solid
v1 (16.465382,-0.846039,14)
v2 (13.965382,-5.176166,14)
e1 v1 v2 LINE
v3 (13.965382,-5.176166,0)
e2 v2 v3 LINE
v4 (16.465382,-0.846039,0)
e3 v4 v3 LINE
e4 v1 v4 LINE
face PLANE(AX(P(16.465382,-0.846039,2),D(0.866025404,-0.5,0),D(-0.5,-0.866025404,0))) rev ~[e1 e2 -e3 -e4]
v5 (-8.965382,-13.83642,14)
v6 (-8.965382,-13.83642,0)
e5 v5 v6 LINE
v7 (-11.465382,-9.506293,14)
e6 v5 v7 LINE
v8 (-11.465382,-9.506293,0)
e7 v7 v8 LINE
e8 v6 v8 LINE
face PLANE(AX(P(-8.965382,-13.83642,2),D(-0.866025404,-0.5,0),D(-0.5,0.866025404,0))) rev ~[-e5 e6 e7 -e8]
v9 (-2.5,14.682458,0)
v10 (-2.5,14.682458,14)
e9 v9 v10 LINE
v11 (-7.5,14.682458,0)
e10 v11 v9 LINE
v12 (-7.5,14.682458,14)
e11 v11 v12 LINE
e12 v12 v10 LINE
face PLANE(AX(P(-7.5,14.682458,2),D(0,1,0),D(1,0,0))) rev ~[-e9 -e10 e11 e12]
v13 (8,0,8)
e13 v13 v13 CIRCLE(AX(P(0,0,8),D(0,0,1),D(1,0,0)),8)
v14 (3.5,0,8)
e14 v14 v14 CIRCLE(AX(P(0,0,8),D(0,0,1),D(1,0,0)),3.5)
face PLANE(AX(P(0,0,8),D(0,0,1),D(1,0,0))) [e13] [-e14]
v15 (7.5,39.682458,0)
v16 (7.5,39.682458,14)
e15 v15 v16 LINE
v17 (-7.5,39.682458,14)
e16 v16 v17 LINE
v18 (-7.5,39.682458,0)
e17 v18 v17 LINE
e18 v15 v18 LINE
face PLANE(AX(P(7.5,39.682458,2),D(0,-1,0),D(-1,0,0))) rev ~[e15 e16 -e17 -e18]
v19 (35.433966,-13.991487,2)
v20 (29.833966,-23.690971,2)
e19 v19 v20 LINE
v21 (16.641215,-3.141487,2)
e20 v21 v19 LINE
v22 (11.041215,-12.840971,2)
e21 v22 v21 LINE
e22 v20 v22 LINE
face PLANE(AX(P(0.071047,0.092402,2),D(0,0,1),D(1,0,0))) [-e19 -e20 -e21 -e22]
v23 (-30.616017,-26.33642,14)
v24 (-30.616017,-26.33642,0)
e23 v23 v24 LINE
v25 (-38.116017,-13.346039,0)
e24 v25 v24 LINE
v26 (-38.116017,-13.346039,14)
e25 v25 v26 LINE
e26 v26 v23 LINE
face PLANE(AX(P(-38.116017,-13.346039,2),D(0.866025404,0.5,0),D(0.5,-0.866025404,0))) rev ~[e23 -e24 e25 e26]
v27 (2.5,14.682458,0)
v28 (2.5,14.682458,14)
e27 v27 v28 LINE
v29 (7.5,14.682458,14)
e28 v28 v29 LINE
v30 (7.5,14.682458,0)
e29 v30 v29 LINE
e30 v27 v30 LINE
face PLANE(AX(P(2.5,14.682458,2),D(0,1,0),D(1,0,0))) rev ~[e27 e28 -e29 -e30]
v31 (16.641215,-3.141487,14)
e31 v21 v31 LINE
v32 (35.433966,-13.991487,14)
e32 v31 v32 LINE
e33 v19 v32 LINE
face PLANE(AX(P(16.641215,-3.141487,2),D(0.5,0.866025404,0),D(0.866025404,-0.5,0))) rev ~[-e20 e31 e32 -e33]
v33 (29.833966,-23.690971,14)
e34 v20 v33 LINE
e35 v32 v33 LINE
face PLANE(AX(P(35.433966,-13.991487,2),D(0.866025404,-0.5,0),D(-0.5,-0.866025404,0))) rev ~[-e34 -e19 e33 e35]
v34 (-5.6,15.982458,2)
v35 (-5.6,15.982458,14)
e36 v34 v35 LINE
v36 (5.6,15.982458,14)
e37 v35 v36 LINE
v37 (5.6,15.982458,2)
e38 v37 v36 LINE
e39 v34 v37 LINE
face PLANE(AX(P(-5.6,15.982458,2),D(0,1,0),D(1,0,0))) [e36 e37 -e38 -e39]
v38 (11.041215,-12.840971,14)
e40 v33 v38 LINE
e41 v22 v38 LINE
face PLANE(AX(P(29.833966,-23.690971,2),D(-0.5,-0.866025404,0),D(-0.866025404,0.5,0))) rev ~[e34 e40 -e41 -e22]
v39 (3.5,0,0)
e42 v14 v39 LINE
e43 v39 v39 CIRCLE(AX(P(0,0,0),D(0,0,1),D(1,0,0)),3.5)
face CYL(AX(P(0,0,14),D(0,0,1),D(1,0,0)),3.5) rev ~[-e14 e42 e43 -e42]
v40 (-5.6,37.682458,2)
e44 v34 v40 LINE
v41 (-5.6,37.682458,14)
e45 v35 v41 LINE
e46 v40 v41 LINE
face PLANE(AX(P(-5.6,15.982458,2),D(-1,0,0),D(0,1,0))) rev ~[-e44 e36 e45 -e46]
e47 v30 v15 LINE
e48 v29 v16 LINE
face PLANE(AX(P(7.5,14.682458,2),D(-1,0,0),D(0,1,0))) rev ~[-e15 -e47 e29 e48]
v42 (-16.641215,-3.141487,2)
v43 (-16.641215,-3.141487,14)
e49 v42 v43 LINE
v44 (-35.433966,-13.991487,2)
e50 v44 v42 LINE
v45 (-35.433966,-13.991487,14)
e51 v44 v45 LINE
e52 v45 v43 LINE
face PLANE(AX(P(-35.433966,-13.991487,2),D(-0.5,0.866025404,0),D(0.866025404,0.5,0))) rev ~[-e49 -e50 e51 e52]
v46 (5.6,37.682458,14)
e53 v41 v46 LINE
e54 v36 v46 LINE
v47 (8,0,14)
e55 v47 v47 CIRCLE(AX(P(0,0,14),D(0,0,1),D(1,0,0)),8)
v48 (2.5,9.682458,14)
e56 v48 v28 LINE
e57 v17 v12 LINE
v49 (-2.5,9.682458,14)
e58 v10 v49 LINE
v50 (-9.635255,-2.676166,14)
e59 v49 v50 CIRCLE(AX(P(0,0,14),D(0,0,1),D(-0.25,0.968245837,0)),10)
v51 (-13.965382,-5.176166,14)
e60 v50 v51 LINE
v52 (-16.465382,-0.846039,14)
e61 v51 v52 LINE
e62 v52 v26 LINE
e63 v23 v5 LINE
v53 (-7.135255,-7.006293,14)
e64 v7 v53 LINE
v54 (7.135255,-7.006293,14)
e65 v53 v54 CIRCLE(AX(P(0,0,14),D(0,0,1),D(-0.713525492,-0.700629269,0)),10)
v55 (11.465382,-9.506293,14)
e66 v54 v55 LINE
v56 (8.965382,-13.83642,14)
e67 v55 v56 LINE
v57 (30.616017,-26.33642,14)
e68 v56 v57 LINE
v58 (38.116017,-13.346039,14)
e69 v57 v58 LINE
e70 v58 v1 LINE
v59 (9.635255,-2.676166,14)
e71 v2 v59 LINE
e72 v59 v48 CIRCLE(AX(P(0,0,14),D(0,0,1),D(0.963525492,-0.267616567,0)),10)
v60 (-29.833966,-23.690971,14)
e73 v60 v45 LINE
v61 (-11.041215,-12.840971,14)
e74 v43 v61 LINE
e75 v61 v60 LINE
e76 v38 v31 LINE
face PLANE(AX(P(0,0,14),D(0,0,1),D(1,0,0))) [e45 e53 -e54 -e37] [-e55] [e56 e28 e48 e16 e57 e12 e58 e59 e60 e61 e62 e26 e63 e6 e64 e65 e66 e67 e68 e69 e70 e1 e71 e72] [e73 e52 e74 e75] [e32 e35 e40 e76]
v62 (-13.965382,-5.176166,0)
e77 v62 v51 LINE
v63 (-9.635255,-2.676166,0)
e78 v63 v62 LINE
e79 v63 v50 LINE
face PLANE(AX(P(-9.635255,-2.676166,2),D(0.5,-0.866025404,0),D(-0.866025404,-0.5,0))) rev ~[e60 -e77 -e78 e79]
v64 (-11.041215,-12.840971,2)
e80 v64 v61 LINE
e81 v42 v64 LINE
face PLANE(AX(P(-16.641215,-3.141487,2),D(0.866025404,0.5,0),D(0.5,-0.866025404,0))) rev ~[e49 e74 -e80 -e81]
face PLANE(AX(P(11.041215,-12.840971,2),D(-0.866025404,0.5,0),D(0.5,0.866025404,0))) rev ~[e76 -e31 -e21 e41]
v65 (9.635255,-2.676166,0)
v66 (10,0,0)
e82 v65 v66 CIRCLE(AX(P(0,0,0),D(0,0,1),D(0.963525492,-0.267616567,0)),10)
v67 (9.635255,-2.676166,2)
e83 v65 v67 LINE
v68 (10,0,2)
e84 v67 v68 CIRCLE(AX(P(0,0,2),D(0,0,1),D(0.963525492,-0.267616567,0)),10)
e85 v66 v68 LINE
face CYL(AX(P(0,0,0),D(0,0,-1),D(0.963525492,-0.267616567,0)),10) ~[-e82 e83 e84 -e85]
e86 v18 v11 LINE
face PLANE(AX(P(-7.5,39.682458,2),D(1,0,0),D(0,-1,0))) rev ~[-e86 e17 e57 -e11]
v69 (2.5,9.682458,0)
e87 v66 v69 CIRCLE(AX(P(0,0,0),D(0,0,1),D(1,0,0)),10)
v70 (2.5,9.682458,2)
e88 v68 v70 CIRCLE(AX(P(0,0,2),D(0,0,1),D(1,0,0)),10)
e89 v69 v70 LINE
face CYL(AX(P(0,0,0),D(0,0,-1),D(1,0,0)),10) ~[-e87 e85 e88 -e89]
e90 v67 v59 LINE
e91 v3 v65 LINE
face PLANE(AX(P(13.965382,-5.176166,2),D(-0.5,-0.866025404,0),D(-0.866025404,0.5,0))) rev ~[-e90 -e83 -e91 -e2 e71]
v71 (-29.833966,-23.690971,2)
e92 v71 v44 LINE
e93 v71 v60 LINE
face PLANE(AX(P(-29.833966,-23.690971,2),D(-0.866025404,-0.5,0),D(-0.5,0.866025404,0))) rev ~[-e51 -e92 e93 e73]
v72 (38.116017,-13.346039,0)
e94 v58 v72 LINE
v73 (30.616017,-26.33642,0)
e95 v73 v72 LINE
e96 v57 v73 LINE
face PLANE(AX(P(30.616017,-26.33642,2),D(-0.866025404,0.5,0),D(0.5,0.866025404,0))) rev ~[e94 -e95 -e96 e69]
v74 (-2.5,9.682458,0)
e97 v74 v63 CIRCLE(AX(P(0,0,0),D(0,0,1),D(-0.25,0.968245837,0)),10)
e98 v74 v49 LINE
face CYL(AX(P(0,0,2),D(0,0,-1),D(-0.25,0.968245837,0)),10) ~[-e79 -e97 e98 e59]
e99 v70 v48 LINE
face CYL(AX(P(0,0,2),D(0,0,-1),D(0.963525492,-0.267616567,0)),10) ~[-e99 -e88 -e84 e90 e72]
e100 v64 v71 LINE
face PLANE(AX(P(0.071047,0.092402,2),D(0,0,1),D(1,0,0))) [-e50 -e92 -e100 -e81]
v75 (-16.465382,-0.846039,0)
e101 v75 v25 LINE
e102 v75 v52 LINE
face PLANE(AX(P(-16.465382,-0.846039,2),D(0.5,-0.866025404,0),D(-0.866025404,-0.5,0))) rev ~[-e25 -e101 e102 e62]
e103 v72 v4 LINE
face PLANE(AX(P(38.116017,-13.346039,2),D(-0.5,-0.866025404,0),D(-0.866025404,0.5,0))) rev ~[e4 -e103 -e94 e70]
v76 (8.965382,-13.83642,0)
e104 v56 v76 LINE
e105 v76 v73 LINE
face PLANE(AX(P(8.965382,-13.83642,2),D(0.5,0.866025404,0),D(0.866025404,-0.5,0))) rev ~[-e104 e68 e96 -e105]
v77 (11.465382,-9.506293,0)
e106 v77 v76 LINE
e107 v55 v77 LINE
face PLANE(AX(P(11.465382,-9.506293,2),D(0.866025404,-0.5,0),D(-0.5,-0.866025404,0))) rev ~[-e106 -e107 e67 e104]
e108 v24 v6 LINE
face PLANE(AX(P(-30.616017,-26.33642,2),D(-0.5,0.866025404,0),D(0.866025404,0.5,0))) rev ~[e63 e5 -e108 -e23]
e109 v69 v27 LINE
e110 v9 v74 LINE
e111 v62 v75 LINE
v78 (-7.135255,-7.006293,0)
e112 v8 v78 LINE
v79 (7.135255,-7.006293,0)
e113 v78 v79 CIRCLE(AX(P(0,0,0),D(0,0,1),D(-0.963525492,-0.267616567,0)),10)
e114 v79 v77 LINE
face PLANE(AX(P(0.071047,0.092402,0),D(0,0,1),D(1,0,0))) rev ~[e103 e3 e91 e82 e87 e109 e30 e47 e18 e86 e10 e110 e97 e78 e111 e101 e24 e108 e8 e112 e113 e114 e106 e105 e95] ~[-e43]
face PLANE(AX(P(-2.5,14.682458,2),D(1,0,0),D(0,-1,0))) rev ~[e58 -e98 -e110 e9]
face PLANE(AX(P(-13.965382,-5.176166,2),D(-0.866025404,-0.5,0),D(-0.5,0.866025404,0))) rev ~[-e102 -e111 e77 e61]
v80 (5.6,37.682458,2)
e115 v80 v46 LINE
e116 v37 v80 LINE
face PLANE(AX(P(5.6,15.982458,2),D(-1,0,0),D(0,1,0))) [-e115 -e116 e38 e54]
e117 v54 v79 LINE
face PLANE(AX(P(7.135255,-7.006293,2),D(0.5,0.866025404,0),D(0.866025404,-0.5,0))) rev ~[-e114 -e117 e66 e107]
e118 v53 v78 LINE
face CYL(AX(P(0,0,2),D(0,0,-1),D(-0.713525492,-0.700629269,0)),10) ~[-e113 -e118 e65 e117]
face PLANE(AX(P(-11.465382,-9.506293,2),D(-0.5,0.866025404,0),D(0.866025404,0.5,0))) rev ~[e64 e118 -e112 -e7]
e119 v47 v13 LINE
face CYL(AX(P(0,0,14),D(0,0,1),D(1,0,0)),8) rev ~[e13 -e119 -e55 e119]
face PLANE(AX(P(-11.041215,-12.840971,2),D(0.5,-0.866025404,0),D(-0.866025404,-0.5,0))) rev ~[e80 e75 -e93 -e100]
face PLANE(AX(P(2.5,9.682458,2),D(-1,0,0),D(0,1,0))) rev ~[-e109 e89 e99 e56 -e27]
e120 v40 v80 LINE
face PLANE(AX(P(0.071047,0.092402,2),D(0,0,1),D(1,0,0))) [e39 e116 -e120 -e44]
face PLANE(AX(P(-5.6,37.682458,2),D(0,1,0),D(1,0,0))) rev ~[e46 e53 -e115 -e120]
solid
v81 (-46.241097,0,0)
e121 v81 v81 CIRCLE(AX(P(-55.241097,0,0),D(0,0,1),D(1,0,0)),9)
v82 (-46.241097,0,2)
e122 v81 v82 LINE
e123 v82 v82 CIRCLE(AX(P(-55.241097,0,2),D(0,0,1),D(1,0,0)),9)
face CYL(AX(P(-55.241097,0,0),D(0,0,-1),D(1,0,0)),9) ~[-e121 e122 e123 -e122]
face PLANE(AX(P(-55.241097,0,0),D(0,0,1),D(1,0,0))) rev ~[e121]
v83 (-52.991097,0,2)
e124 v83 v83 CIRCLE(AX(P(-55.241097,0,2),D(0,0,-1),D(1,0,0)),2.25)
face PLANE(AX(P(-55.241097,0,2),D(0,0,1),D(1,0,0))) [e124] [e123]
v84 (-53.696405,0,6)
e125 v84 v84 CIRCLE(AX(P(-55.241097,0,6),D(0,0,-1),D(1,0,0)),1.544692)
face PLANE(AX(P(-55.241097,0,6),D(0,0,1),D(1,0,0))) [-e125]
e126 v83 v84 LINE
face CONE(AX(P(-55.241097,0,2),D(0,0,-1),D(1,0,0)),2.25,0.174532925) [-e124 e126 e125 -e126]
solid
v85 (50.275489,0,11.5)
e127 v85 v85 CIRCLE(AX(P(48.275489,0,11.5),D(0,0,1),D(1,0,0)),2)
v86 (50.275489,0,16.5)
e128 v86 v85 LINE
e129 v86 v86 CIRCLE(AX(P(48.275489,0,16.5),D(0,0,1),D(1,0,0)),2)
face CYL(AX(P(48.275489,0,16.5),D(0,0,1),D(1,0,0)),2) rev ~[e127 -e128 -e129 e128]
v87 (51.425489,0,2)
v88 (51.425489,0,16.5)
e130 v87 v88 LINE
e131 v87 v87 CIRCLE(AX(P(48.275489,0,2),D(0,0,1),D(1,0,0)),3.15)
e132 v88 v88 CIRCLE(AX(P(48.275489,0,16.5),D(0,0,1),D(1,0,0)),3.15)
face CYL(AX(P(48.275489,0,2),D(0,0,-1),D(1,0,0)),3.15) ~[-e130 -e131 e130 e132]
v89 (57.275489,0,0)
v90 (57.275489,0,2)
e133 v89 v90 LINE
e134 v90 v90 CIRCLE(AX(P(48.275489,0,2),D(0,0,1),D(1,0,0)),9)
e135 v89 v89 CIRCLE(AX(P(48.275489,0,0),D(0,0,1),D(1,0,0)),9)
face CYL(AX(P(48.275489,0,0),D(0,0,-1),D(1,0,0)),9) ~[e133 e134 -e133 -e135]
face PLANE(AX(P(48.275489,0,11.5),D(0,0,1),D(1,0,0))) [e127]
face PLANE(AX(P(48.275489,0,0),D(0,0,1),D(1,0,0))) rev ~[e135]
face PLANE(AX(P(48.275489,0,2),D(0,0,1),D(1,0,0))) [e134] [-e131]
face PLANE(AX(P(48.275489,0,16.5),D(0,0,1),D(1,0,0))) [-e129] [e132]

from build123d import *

# Parameters (mm, degrees)
F1_DEPTH  = 2
F2_W      = 11.2
F2_H      = 21.7
F3_DEPTH  = 12
F4_R      = 3.5
F5_DEPTH  = 25
F6_R      = 8
F7_DEPTH  = 6
F8_R      = 9
F9_DEPTH  = 2
F10_R     = 3.15
F11_DEPTH = 14.5
F12_R     = 2
F13_DEPTH = 5
F14_R     = 9
F15_DEPTH = 2
F16_R     = 2.25
F17_DEPTH = 4
F17_TAPER = 10


with BuildPart() as f1:
    # F0 (on Top) → F1 (new body)
    with BuildSketch(Plane.XY):
        with BuildLine():
            ThreePointArc((9.6352549156, -2.6761656733), (9.9083941473, -1.3504537837), (10, 0))
            ThreePointArc((10, 0), (7.9056941504, 6.123724357), (2.5, 9.6824583655))
            ThreePointArc((2.5, 9.6824583655), (0, 10), (-2.5, 9.6824583655))
            ThreePointArc((-2.5, 9.6824583655), (-8.6602540378, 5), (-9.6352549156, -2.6761656733))
            ThreePointArc((-9.6352549156, -2.6761656733), (-8.6602540378, -5), (-7.1352549156, -7.0062926922))
            ThreePointArc((-7.1352549156, -7.0062926922), (0, -10), (7.1352549156, -7.0062926922))
            ThreePointArc((7.1352549156, -7.0062926922), (8.6602540378, -5), (9.6352549156, -2.6761656733))
        make_face()
        with BuildLine():
            ThreePointArc((-2.5, 9.6824583655), (0, 10), (2.5, 9.6824583655))
            Line((2.5, 9.6824583655), (2.5, 14.6824583655))
            Line((2.5, 14.6824583655), (-2.5, 14.6824583655))
            Line((-2.5, 14.6824583655), (-2.5, 9.6824583655))
        make_face()
        with BuildLine():
            Line((13.9653819345, -5.1761656733), (9.6352549156, -2.6761656733))
            ThreePointArc((9.6352549156, -2.6761656733), (8.6602540378, -5), (7.1352549156, -7.0062926922))
            Line((7.1352549156, -7.0062926922), (11.4653819345, -9.5062926922))
            Line((11.4653819345, -9.5062926922), (13.9653819345, -5.1761656733))
        make_face()
        Polygon((-2.5, 14.6824583655), (2.5, 14.6824583655), (7.5, 14.6824583655), (7.5, 39.6824583655), (-7.5, 39.6824583655), (-7.5, 14.6824583655), align=None)
        Polygon((16.4653819345, -0.8460386544), (13.9653819345, -5.1761656733), (11.4653819345, -9.5062926922), (8.9653819345, -13.8364197111), (30.6160170292, -26.3364197111), (38.1160170292, -13.3460386544), align=None)
        with BuildLine():
            ThreePointArc((-7.1352549156, -7.0062926922), (-8.6602540378, -5), (-9.6352549156, -2.6761656733))
            Line((-9.6352549156, -2.6761656733), (-13.9653819345, -5.1761656733))
            Line((-13.9653819345, -5.1761656733), (-11.4653819345, -9.5062926922))
            Line((-11.4653819345, -9.5062926922), (-7.1352549156, -7.0062926922))
        make_face()
        Polygon((-11.4653819345, -9.5062926922), (-13.9653819345, -5.1761656733), (-16.4653819345, -0.8460386544), (-38.1160170292, -13.3460386544), (-30.6160170292, -26.3364197111), (-8.9653819345, -13.8364197111), align=None)
    extrude(amount=F1_DEPTH)

    # F2 (on face) → F3 (join)
    with BuildSketch(Plane.XY.offset(2)):
        with BuildLine():
            ThreePointArc((9.6352549156, -2.6761656733), (8.6602540378, 5), (2.5, 9.6824583655))
            Line((2.5, 9.6824583655), (2.5, 14.6824583655))
            Line((2.5, 14.6824583655), (7.5, 14.6824583655))
            Line((7.5, 14.6824583655), (7.5, 39.6824583655))
            Line((7.5, 39.6824583655), (-7.5, 39.6824583655))
            Line((-7.5, 39.6824583655), (-7.5, 14.6824583655))
            Line((-7.5, 14.6824583655), (-2.5, 14.6824583655))
            Line((-2.5, 14.6824583655), (-2.5, 9.6824583655))
            ThreePointArc((-2.5, 9.6824583655), (-8.6602540378, 5), (-9.6352549156, -2.6761656733))
            Line((-9.6352549156, -2.6761656733), (-13.9653819345, -5.1761656733))
            Line((-13.9653819345, -5.1761656733), (-16.4653819345, -0.8460386544))
            Line((-16.4653819345, -0.8460386544), (-38.1160170292, -13.3460386544))
            Line((-38.1160170292, -13.3460386544), (-30.6160170292, -26.3364197111))
            Line((-30.6160170292, -26.3364197111), (-8.9653819345, -13.8364197111))
            Line((-8.9653819345, -13.8364197111), (-11.4653819345, -9.5062926922))
            Line((-11.4653819345, -9.5062926922), (-7.1352549156, -7.0062926922))
            ThreePointArc((-7.1352549156, -7.0062926922), (0, -10), (7.1352549156, -7.0062926922))
            Line((7.1352549156, -7.0062926922), (11.4653819345, -9.5062926922))
            Line((11.4653819345, -9.5062926922), (8.9653819345, -13.8364197111))
            Line((8.9653819345, -13.8364197111), (30.6160170292, -26.3364197111))
            Line((30.6160170292, -26.3364197111), (38.1160170292, -13.3460386544))
            Line((38.1160170292, -13.3460386544), (16.4653819345, -0.8460386544))
            Line((16.4653819345, -0.8460386544), (13.9653819345, -5.1761656733))
            Line((13.9653819345, -5.1761656733), (9.6352549156, -2.6761656733))
        make_face()
        Polygon((-29.8339662216, -23.690971444), (-35.4339662216, -13.9914869216), (-16.6412149595, -3.1414869216), (-11.0412149595, -12.840971444), align=None, mode=Mode.SUBTRACT)
        Polygon((35.4339662216, -13.9914869216), (29.8339662216, -23.690971444), (11.0412149595, -12.840971444), (16.6412149595, -3.1414869216), align=None, mode=Mode.SUBTRACT)
        with Locations((0, 26.8324583655)):
            Rectangle(F2_W, F2_H, mode=Mode.SUBTRACT)
    extrude(amount=F3_DEPTH)

    # F4 (on face) → F5 (cut)
    with BuildSketch(Plane.XY.offset(14)):
        Circle(F4_R)
    extrude(amount=-F5_DEPTH, mode=Mode.SUBTRACT)

    # F6 (on face) → F7 (cut)
    with BuildSketch(Plane.XY.offset(14)):
        Circle(F6_R)
    extrude(amount=-F7_DEPTH, mode=Mode.SUBTRACT)


with BuildPart() as f9:
    # F8 (on Top) → F9 (new body)
    with BuildSketch(Plane.XY):
        with Locations((48.2754893601, 0)):
            Circle(F8_R)
    extrude(amount=F9_DEPTH)

    # F10 (on face) → F11 (join)
    with BuildSketch(Plane.XY.offset(2)):
        with Locations((48.2754893601, 0)):
            Circle(F10_R)
    extrude(amount=F11_DEPTH)

    # F12 (on face) → F13 (cut)
    with BuildSketch(Plane.XY.offset(16.5)):
        with Locations((48.2754893601, 0)):
            Circle(F12_R)
    extrude(amount=-F13_DEPTH, mode=Mode.SUBTRACT)


with BuildPart() as f15:
    # F14 (on Top) → F15 (new body)
    with BuildSketch(Plane.XY):
        with Locations((-55.2410967648, 0)):
            Circle(F14_R)
    extrude(amount=F15_DEPTH)

    # F16 (on face) → F17 (join)
    with BuildSketch(Plane.XY.offset(2)):
        with Locations((-55.2410967648, 0)):
            Circle(F16_R)
    extrude(amount=F17_DEPTH, taper=F17_TAPER)


solid = Compound([f1.part, f9.part, f15.part])
